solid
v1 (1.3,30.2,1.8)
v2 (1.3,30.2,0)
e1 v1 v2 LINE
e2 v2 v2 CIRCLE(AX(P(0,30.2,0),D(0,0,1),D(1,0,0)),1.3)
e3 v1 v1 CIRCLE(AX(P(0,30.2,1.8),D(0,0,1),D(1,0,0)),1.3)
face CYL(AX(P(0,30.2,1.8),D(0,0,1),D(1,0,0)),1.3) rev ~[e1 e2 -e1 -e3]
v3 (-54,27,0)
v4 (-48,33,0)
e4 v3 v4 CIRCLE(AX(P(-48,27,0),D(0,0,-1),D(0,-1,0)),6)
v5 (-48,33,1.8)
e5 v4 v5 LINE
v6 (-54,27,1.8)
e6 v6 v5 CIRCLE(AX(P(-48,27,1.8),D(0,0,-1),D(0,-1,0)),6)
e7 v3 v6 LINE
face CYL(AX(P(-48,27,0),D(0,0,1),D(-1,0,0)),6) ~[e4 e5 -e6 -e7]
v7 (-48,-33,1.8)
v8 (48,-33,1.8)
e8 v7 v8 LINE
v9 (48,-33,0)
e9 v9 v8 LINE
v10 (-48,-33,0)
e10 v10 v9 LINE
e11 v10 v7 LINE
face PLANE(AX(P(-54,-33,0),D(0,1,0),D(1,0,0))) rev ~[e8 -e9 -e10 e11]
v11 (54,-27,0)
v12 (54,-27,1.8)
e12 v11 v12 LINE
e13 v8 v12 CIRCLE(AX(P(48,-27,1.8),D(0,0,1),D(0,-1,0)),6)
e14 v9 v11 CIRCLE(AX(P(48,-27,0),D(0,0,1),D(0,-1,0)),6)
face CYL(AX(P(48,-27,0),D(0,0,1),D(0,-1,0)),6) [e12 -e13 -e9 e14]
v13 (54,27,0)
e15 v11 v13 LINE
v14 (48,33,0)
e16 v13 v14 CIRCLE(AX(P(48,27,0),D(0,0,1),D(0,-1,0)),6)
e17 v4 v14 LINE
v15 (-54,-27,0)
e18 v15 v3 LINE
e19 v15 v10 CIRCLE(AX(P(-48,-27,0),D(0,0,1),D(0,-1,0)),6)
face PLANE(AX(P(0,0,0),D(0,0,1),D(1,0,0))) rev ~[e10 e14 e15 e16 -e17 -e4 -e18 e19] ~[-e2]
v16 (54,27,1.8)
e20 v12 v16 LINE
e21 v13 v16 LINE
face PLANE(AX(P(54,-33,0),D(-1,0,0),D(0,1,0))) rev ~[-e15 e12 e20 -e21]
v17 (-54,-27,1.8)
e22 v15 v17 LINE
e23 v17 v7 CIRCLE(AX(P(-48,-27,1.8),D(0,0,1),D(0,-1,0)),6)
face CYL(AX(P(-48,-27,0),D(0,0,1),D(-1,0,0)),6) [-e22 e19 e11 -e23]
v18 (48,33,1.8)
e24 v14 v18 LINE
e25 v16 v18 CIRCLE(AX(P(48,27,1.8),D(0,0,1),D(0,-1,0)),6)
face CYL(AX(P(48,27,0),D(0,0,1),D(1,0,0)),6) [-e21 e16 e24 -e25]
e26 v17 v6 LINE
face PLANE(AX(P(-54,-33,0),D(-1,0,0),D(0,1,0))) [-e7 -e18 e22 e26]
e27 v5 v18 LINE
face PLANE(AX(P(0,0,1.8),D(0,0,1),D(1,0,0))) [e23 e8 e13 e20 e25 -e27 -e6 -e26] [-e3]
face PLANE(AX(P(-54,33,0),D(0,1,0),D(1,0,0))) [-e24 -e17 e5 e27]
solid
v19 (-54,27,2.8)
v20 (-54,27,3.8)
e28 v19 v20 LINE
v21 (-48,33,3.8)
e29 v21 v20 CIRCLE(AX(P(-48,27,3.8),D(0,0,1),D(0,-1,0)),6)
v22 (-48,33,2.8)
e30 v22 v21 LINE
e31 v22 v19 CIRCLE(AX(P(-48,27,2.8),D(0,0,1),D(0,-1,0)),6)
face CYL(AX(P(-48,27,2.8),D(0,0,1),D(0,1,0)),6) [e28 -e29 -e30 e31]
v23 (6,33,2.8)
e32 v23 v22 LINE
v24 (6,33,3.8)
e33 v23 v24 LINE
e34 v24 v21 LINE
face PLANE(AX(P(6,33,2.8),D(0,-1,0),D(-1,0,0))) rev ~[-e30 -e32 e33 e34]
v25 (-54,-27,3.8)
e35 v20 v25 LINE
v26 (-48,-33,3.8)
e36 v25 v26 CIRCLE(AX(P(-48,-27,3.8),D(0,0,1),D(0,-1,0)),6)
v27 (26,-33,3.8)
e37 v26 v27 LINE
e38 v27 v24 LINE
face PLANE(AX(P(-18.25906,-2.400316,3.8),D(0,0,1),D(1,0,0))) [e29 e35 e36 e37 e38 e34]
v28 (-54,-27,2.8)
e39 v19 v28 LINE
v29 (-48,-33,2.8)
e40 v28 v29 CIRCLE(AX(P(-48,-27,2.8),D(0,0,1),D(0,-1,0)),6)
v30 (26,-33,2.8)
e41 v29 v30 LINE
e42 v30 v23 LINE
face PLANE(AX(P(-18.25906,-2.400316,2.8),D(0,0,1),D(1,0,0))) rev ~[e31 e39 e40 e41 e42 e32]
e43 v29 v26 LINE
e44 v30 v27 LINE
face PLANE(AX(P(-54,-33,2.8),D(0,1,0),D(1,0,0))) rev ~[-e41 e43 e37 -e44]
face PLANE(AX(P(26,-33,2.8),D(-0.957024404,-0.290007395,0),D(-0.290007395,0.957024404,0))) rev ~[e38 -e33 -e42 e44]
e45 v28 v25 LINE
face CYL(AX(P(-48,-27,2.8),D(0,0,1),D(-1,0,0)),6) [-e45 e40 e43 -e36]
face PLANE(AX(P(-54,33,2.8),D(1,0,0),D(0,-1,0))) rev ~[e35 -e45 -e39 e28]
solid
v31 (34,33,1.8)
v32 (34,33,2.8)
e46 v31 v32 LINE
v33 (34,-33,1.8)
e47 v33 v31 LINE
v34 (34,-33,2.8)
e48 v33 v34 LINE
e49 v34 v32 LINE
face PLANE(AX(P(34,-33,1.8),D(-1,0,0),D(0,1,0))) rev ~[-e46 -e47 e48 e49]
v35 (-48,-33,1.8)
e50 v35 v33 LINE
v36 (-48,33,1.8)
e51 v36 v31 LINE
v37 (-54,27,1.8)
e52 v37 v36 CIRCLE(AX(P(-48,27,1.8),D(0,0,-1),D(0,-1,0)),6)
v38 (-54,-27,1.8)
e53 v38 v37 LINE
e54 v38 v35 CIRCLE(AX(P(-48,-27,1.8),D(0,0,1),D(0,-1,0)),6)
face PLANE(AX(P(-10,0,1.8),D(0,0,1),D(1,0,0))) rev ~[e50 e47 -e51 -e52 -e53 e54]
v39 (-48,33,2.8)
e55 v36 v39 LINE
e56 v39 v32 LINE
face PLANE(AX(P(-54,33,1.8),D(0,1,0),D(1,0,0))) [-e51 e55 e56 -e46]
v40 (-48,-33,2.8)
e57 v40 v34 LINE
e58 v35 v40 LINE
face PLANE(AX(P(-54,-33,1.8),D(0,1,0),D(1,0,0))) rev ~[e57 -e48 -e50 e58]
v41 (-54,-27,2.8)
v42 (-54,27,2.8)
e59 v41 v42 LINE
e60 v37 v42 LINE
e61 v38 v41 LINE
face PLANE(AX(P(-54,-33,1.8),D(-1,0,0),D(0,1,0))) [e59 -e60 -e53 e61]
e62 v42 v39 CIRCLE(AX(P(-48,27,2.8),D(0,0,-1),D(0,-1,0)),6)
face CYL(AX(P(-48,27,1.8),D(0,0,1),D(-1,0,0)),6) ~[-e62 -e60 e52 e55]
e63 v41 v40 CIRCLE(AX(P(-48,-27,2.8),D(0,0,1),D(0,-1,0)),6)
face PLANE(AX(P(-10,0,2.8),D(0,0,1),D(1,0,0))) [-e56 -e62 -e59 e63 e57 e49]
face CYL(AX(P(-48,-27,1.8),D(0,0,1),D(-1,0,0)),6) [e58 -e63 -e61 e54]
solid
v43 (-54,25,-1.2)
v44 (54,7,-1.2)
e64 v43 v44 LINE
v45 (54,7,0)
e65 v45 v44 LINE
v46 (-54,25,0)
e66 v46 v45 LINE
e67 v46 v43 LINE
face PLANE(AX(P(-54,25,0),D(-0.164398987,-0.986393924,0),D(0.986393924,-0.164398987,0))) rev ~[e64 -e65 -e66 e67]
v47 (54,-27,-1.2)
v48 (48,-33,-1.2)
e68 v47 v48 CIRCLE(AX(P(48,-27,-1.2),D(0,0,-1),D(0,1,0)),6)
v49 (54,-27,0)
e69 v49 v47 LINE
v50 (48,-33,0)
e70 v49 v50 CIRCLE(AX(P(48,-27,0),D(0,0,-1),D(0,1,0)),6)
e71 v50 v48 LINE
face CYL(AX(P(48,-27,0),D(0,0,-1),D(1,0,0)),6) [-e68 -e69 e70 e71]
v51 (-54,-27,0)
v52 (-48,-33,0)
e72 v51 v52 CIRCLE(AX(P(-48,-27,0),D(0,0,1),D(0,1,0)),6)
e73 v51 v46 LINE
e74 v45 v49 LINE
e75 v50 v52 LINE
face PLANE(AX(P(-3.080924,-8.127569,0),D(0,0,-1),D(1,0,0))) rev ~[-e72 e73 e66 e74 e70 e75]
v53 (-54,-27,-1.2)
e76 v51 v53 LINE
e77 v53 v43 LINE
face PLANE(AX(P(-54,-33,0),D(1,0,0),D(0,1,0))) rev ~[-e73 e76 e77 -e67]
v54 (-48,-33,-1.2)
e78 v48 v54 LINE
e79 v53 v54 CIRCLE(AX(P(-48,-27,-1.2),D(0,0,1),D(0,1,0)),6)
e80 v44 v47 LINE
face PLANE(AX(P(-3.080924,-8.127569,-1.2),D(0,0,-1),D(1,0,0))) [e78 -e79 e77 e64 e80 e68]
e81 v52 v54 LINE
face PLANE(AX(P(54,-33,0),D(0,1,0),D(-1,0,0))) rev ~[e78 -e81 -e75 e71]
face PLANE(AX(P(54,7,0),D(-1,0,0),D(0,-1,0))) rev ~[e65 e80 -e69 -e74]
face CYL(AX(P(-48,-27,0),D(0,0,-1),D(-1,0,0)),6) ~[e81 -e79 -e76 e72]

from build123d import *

# Parameters (mm, degrees)
F0_W      = 108
F0_H      = 66
F1_DEPTH  = 1.8
F3_DEPTH  = 1.2
F4_W      = 88
F4_H      = 66
F5_DEPTH  = 1
F7_DEPTH  = 1
F8_R      = 6
F8_2_R    = 6
F8_3_R    = 6
F8_4_R    = 6
F9_R      = 1.3
F10_DEPTH = 25


with BuildPart() as f1:
    # F0 (on Top) → F1 (new body)
    with BuildSketch(Plane.XY):
        Rectangle(F0_W, F0_H)
    extrude(amount=F1_DEPTH)

    # F8
    f8_edges = [f1.edges().sort_by_distance(p)[0] for p in [
        (-54, 33, 0.9),
        (-54, -33, 0.9),
        (54, -33, 0.9),
        (54, 33, 0.9),
    ]]
    fillet(f8_edges, radius=F8_R)

    # F9 (on face) → F10 (cut)
    with BuildSketch(Plane.XY.offset(1.8)):
        with Locations((0, 30.2)):
            Circle(F9_R)
    extrude(amount=-F10_DEPTH, mode=Mode.SUBTRACT)


with BuildPart() as f3:
    # F2 (on face) → F3 (new body)
    with BuildSketch(Plane(origin=(0, 0, 0), x_dir=(1, 0, 0), z_dir=(0, 0, -1))):
        Polygon((-54, 33), (-54, -25), (54, -7), (54, 33), align=None)
    extrude(amount=F3_DEPTH)

    # F8#4
    f8_4_edges = [f3.edges().sort_by_distance(p)[0] for p in [
        (-54, -33, -0.6),
        (54, -33, -0.6),
    ]]
    fillet(f8_4_edges, radius=F8_4_R)


with BuildPart() as f5:
    # F4 (on face) → F5 (new body)
    with BuildSketch(Plane.XY.offset(1.8)):
        with Locations((-10, 0)):
            Rectangle(F4_W, F4_H)
    extrude(amount=F5_DEPTH)

    # F8#2
    f8_2_edges = [f5.edges().sort_by_distance(p)[0] for p in [
        (-54, 33, 2.3),
        (-54, -33, 2.3),
    ]]
    fillet(f8_2_edges, radius=F8_2_R)


with BuildPart() as f7:
    # F6 (on face) → F7 (new body)
    with BuildSketch(Plane.XY.offset(2.8)):
        Polygon((6, 33), (-54, 33), (-54, -33), (26, -33), align=None)
    extrude(amount=F7_DEPTH)

    # F8#3
    f8_3_edges = [f7.edges().sort_by_distance(p)[0] for p in [
        (-54, 33, 3.3),
        (-54, -33, 3.3),
    ]]
    fillet(f8_3_edges, radius=F8_3_R)


solid = Compound([f1.part, f3.part, f5.part, f7.part])
